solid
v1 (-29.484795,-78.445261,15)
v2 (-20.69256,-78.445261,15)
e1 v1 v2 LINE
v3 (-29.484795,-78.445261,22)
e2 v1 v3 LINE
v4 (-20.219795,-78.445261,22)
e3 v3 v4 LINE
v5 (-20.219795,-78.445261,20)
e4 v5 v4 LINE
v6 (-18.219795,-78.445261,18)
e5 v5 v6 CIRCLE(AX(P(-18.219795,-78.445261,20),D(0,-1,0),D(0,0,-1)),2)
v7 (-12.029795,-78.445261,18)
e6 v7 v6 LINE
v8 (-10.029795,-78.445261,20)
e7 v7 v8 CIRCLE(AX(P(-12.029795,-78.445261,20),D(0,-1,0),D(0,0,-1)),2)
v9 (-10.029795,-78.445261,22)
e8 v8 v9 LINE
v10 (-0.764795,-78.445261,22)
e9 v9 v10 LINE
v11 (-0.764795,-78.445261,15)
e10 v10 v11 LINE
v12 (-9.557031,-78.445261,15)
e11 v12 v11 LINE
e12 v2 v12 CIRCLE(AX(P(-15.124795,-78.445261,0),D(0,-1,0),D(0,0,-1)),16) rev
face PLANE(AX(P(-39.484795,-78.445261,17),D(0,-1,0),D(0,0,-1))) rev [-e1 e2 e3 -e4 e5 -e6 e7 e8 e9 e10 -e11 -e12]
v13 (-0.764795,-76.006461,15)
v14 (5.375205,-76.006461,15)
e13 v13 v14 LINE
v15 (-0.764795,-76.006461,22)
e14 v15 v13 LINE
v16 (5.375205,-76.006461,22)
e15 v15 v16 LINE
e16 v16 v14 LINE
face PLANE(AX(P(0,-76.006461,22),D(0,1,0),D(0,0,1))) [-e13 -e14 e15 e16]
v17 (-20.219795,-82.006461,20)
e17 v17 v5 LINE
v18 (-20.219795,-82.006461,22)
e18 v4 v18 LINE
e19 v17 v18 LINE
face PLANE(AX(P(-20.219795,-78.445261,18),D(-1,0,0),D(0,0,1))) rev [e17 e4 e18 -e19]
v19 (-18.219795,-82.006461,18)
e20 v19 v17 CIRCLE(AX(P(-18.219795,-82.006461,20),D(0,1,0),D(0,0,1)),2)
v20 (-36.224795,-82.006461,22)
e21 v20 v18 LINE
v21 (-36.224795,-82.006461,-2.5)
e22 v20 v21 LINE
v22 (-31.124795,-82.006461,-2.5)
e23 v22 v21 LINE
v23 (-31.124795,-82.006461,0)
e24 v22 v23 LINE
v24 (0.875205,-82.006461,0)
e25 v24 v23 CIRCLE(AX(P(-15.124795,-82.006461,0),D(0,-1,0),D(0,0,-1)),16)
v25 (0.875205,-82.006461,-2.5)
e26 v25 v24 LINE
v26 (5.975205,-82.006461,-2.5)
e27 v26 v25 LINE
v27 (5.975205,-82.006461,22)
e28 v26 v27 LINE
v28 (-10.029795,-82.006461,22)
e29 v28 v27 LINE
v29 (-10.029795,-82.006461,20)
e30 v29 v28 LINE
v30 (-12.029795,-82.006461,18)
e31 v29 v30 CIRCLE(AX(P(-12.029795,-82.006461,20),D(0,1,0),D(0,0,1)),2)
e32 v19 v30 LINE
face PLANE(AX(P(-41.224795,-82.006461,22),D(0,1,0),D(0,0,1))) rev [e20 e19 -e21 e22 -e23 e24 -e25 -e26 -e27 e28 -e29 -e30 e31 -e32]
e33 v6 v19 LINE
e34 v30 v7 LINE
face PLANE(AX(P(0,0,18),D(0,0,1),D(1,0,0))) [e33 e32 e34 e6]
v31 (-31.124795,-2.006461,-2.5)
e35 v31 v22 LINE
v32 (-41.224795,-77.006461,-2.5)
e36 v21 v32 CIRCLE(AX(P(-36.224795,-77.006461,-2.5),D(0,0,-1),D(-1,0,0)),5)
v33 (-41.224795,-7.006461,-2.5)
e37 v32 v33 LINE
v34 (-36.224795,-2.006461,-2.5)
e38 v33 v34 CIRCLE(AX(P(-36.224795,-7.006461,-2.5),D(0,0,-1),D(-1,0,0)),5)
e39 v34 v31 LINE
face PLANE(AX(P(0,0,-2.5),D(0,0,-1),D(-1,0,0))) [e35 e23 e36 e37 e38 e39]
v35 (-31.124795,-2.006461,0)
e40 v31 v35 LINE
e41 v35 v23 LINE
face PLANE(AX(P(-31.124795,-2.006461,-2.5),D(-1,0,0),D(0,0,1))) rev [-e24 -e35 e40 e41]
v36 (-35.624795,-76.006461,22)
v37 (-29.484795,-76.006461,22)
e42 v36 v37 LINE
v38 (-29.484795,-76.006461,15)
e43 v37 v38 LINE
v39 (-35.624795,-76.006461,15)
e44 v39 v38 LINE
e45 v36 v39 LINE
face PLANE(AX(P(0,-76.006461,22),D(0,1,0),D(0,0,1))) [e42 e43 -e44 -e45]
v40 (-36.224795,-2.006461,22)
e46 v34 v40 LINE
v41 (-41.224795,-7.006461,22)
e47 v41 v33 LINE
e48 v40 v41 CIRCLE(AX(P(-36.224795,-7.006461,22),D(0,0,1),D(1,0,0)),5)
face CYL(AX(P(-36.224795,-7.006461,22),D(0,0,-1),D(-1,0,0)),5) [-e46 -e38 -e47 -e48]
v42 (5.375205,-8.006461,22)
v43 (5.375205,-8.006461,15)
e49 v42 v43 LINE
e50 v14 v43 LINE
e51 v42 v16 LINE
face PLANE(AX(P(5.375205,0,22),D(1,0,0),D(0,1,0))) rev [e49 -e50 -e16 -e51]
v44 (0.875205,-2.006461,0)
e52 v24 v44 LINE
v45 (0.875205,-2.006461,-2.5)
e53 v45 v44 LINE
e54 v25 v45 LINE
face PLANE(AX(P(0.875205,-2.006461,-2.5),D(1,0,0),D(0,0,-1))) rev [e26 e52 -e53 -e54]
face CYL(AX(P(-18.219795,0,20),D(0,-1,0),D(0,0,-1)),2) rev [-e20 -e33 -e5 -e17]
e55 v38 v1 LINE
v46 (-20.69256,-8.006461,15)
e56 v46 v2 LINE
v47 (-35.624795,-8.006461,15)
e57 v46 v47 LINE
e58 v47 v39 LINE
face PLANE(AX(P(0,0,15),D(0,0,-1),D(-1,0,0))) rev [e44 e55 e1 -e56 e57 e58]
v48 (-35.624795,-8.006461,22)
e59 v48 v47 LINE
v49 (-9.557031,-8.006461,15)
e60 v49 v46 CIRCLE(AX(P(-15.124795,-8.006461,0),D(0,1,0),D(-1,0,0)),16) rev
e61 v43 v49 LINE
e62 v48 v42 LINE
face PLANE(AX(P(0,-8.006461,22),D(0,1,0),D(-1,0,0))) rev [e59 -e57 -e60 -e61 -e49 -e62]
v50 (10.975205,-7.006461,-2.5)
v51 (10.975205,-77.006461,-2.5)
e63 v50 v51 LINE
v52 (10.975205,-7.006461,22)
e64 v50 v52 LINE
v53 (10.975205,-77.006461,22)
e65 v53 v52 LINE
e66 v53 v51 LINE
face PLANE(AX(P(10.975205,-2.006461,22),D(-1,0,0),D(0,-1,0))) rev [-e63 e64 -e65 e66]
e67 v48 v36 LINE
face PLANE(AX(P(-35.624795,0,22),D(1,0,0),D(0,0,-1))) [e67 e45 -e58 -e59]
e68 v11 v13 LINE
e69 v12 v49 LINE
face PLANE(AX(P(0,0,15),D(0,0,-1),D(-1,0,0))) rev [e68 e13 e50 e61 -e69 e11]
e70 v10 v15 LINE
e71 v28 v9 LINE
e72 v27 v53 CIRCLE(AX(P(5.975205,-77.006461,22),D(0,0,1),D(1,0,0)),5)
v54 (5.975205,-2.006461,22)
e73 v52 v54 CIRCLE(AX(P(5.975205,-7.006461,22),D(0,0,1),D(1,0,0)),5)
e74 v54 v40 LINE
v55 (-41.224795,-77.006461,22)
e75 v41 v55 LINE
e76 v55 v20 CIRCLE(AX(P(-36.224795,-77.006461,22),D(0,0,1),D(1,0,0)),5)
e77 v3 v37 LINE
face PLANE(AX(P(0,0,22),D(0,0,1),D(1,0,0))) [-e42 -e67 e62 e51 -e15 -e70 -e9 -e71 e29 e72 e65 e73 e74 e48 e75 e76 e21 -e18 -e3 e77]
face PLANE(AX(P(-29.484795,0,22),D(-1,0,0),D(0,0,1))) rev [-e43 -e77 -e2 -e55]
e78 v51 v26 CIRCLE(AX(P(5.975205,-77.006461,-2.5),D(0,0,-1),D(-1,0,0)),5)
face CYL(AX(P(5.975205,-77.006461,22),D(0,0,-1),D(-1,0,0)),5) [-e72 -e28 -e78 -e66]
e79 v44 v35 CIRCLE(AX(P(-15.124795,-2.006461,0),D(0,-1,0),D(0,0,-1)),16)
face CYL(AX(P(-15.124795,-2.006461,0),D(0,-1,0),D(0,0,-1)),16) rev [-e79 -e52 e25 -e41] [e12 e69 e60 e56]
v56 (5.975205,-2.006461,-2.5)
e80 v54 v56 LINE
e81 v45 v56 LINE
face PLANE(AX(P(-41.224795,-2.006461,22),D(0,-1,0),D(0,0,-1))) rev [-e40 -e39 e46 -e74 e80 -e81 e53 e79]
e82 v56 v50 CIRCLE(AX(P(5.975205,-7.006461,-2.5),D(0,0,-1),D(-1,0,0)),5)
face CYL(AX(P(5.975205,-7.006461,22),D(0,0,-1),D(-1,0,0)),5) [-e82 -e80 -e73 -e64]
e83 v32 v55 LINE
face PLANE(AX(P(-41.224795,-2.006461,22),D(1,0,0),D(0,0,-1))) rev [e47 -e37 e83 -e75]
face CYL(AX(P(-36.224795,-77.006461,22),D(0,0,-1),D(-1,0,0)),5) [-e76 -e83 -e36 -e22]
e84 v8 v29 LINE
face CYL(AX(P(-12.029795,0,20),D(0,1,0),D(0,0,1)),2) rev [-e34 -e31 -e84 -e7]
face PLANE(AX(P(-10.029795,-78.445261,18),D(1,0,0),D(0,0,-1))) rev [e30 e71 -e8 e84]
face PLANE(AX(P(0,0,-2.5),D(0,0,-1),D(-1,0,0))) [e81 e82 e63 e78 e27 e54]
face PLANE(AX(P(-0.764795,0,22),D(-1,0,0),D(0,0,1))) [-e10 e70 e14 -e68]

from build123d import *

# Parameters (mm, degrees)
ESQUISSE1_W             = 52.2
ESQUISSE1_H             = 80
BOSS_EXTRU_2_DEPTH      = 22
ESQUISSE3_W             = 48.72
ESQUISSE3_H             = 72.8776
ENL_V_MAT_EXTRU_1_DEPTH = 5
CONG_1_R                = 10
BOSS_EXTRU_4_DEPTH      = 5
ESQUISSE2_R             = 16
ENL_V_MAT_EXTRU_3_DEPTH = 93.647092521
ENL_V_MAT_EXTRU_5_DEPTH = 2
ESQUISSE8_W             = 10.19
ESQUISSE8_H             = 3.5612
ENL_V_MAT_EXTRU_6_DEPTH = 4
CONG_3_R                = 2
ESQUISSE9_W             = 10.1
ESQUISSE9_H             = 80
BOSS_EXTRU_5_DEPTH      = 2.5
CONG_4_R                = 5


with BuildPart() as part:
    # Esquisse1 → Boss.-Extru.2 (new body)
    with BuildSketch(Plane.XY):
        with Locations((-15.124795362, -42.006460905)):
            Rectangle(ESQUISSE1_W, ESQUISSE1_H)
    extrude(amount=BOSS_EXTRU_2_DEPTH)

    # Esquisse3 → Enlèv. mat.-Extru.1 (cut)
    with BuildSketch(Plane.XY.offset(22)):
        with Locations((-15.124795362, -42.006460905)):
            Rectangle(ESQUISSE3_W, ESQUISSE3_H)
    extrude(amount=-ENL_V_MAT_EXTRU_1_DEPTH, mode=Mode.SUBTRACT)

    # Congé1
    cong_1_edges = [part.edges().sort_by_distance(p)[0] for p in [
        (-39.484795362, -78.445260905, 19.5),
        (-39.484795362, -5.567660905, 19.5),
        (9.235204638, -5.567660905, 19.5),
        (9.235204638, -78.445260905, 19.5),
    ]]
    fillet(cong_1_edges, radius=CONG_1_R)

    # Esquisse5 → Boss.-Extru.4 (add)
    with BuildSketch(Plane.XY.offset(17)):
        with BuildLine():
            Line((-35.624795362, -68.445260905), (-35.624795362, -76.006460905))
            Line((-35.624795362, -76.006460905), (-29.484795362, -76.006460905))
            Line((-29.484795362, -76.006460905), (-29.484795362, -78.445260905))
            ThreePointArc((-29.484795362, -78.445260905), (-36.555863174, -75.516328717), (-39.484795362, -68.445260905))
            Line((-39.484795362, -68.445260905), (-39.484795362, -15.567660905))
            ThreePointArc((-39.484795362, -15.567660905), (-36.555863174, -8.496593093), (-29.484795362, -5.567660905))
            Line((-29.484795362, -5.567660905), (-0.764795362, -5.567660905))
            ThreePointArc((-0.764795362, -5.567660905), (6.30627245, -8.496593093), (9.235204638, -15.567660905))
            Line((9.235204638, -15.567660905), (9.235204638, -68.445260905))
            ThreePointArc((9.235204638, -68.445260905), (6.30627245, -75.516328717), (-0.764795362, -78.445260905))
            Line((-0.764795362, -78.445260905), (-0.764795362, -76.006460905))
            Line((-0.764795362, -76.006460905), (5.375204638, -76.006460905))
            Line((5.375204638, -76.006460905), (5.375204638, -68.445260905))
            Line((5.375204638, -68.445260905), (5.375204638, -15.567660905))
            Line((5.375204638, -15.567660905), (5.375204638, -8.006460905))
            Line((5.375204638, -8.006460905), (-35.624795362, -8.006460905))
            Line((-35.624795362, -8.006460905), (-35.624795362, -15.567660905))
            Line((-35.624795362, -15.567660905), (-35.624795362, -68.445260905))
        make_face()
    extrude(amount=BOSS_EXTRU_4_DEPTH)

    # Esquisse2 → Enlèv. mat.-Extru.3 (cut, through all)
    with BuildSketch(Plane.XZ.offset(82.006460905)):
        with Locations((-15.124795362, 0)):
            Circle(ESQUISSE2_R)
    extrude(amount=-ENL_V_MAT_EXTRU_3_DEPTH, mode=Mode.SUBTRACT)

    # Esquisse7 → Enlèv. mat.-Extru.5 (cut)
    with BuildSketch(Plane.XY.offset(17)):
        Polygon((-35.624795362, -8.006460905), (5.375204638, -8.006460905), (5.375204638, -76.006460905), (-0.764795362, -76.006460905), (-0.764795362, -78.445260905), (-29.484795362, -78.445260905), (-29.484795362, -76.006460905), (-35.624795362, -76.006460905), align=None)
    extrude(amount=-ENL_V_MAT_EXTRU_5_DEPTH, mode=Mode.SUBTRACT)

    # Esquisse8 → Enlèv. mat.-Extru.6 (cut)
    with BuildSketch(Plane.XY.offset(22)):
        with Locations((-15.124795362, -80.225860905)):
            Rectangle(ESQUISSE8_W, ESQUISSE8_H)
    extrude(amount=-ENL_V_MAT_EXTRU_6_DEPTH, mode=Mode.SUBTRACT)

    # Congé3
    cong_3_edges = [part.edges().sort_by_distance(p)[0] for p in [
        (-20.219795362, -80.225860905, 18),
        (-10.029795362, -80.225860905, 18),
    ]]
    fillet(cong_3_edges, radius=CONG_3_R)

    # Esquisse9 → Boss.-Extru.5 (add)
    with BuildSketch(Plane(origin=(0, 0, 0), x_dir=(-1, 0, 0), z_dir=(0, 0, -1))):
        with Locations((36.174795362, -42.006460905)):
            Rectangle(ESQUISSE9_W, ESQUISSE9_H)
        with Locations((-5.925204638, -42.006460905)):
            Rectangle(ESQUISSE9_W, ESQUISSE9_H)
    extrude(amount=BOSS_EXTRU_5_DEPTH)

    # Congé4
    cong_4_edges = [part.edges().sort_by_distance(p)[0] for p in [
        (-41.224795362, -2.006460905, 9.75),
        (10.975204638, -2.006460905, 9.75),
        (10.975204638, -82.006460905, 9.75),
        (-41.224795362, -82.006460905, 9.75),
    ]]
    fillet(cong_4_edges, radius=CONG_4_R)


solid = part.part
